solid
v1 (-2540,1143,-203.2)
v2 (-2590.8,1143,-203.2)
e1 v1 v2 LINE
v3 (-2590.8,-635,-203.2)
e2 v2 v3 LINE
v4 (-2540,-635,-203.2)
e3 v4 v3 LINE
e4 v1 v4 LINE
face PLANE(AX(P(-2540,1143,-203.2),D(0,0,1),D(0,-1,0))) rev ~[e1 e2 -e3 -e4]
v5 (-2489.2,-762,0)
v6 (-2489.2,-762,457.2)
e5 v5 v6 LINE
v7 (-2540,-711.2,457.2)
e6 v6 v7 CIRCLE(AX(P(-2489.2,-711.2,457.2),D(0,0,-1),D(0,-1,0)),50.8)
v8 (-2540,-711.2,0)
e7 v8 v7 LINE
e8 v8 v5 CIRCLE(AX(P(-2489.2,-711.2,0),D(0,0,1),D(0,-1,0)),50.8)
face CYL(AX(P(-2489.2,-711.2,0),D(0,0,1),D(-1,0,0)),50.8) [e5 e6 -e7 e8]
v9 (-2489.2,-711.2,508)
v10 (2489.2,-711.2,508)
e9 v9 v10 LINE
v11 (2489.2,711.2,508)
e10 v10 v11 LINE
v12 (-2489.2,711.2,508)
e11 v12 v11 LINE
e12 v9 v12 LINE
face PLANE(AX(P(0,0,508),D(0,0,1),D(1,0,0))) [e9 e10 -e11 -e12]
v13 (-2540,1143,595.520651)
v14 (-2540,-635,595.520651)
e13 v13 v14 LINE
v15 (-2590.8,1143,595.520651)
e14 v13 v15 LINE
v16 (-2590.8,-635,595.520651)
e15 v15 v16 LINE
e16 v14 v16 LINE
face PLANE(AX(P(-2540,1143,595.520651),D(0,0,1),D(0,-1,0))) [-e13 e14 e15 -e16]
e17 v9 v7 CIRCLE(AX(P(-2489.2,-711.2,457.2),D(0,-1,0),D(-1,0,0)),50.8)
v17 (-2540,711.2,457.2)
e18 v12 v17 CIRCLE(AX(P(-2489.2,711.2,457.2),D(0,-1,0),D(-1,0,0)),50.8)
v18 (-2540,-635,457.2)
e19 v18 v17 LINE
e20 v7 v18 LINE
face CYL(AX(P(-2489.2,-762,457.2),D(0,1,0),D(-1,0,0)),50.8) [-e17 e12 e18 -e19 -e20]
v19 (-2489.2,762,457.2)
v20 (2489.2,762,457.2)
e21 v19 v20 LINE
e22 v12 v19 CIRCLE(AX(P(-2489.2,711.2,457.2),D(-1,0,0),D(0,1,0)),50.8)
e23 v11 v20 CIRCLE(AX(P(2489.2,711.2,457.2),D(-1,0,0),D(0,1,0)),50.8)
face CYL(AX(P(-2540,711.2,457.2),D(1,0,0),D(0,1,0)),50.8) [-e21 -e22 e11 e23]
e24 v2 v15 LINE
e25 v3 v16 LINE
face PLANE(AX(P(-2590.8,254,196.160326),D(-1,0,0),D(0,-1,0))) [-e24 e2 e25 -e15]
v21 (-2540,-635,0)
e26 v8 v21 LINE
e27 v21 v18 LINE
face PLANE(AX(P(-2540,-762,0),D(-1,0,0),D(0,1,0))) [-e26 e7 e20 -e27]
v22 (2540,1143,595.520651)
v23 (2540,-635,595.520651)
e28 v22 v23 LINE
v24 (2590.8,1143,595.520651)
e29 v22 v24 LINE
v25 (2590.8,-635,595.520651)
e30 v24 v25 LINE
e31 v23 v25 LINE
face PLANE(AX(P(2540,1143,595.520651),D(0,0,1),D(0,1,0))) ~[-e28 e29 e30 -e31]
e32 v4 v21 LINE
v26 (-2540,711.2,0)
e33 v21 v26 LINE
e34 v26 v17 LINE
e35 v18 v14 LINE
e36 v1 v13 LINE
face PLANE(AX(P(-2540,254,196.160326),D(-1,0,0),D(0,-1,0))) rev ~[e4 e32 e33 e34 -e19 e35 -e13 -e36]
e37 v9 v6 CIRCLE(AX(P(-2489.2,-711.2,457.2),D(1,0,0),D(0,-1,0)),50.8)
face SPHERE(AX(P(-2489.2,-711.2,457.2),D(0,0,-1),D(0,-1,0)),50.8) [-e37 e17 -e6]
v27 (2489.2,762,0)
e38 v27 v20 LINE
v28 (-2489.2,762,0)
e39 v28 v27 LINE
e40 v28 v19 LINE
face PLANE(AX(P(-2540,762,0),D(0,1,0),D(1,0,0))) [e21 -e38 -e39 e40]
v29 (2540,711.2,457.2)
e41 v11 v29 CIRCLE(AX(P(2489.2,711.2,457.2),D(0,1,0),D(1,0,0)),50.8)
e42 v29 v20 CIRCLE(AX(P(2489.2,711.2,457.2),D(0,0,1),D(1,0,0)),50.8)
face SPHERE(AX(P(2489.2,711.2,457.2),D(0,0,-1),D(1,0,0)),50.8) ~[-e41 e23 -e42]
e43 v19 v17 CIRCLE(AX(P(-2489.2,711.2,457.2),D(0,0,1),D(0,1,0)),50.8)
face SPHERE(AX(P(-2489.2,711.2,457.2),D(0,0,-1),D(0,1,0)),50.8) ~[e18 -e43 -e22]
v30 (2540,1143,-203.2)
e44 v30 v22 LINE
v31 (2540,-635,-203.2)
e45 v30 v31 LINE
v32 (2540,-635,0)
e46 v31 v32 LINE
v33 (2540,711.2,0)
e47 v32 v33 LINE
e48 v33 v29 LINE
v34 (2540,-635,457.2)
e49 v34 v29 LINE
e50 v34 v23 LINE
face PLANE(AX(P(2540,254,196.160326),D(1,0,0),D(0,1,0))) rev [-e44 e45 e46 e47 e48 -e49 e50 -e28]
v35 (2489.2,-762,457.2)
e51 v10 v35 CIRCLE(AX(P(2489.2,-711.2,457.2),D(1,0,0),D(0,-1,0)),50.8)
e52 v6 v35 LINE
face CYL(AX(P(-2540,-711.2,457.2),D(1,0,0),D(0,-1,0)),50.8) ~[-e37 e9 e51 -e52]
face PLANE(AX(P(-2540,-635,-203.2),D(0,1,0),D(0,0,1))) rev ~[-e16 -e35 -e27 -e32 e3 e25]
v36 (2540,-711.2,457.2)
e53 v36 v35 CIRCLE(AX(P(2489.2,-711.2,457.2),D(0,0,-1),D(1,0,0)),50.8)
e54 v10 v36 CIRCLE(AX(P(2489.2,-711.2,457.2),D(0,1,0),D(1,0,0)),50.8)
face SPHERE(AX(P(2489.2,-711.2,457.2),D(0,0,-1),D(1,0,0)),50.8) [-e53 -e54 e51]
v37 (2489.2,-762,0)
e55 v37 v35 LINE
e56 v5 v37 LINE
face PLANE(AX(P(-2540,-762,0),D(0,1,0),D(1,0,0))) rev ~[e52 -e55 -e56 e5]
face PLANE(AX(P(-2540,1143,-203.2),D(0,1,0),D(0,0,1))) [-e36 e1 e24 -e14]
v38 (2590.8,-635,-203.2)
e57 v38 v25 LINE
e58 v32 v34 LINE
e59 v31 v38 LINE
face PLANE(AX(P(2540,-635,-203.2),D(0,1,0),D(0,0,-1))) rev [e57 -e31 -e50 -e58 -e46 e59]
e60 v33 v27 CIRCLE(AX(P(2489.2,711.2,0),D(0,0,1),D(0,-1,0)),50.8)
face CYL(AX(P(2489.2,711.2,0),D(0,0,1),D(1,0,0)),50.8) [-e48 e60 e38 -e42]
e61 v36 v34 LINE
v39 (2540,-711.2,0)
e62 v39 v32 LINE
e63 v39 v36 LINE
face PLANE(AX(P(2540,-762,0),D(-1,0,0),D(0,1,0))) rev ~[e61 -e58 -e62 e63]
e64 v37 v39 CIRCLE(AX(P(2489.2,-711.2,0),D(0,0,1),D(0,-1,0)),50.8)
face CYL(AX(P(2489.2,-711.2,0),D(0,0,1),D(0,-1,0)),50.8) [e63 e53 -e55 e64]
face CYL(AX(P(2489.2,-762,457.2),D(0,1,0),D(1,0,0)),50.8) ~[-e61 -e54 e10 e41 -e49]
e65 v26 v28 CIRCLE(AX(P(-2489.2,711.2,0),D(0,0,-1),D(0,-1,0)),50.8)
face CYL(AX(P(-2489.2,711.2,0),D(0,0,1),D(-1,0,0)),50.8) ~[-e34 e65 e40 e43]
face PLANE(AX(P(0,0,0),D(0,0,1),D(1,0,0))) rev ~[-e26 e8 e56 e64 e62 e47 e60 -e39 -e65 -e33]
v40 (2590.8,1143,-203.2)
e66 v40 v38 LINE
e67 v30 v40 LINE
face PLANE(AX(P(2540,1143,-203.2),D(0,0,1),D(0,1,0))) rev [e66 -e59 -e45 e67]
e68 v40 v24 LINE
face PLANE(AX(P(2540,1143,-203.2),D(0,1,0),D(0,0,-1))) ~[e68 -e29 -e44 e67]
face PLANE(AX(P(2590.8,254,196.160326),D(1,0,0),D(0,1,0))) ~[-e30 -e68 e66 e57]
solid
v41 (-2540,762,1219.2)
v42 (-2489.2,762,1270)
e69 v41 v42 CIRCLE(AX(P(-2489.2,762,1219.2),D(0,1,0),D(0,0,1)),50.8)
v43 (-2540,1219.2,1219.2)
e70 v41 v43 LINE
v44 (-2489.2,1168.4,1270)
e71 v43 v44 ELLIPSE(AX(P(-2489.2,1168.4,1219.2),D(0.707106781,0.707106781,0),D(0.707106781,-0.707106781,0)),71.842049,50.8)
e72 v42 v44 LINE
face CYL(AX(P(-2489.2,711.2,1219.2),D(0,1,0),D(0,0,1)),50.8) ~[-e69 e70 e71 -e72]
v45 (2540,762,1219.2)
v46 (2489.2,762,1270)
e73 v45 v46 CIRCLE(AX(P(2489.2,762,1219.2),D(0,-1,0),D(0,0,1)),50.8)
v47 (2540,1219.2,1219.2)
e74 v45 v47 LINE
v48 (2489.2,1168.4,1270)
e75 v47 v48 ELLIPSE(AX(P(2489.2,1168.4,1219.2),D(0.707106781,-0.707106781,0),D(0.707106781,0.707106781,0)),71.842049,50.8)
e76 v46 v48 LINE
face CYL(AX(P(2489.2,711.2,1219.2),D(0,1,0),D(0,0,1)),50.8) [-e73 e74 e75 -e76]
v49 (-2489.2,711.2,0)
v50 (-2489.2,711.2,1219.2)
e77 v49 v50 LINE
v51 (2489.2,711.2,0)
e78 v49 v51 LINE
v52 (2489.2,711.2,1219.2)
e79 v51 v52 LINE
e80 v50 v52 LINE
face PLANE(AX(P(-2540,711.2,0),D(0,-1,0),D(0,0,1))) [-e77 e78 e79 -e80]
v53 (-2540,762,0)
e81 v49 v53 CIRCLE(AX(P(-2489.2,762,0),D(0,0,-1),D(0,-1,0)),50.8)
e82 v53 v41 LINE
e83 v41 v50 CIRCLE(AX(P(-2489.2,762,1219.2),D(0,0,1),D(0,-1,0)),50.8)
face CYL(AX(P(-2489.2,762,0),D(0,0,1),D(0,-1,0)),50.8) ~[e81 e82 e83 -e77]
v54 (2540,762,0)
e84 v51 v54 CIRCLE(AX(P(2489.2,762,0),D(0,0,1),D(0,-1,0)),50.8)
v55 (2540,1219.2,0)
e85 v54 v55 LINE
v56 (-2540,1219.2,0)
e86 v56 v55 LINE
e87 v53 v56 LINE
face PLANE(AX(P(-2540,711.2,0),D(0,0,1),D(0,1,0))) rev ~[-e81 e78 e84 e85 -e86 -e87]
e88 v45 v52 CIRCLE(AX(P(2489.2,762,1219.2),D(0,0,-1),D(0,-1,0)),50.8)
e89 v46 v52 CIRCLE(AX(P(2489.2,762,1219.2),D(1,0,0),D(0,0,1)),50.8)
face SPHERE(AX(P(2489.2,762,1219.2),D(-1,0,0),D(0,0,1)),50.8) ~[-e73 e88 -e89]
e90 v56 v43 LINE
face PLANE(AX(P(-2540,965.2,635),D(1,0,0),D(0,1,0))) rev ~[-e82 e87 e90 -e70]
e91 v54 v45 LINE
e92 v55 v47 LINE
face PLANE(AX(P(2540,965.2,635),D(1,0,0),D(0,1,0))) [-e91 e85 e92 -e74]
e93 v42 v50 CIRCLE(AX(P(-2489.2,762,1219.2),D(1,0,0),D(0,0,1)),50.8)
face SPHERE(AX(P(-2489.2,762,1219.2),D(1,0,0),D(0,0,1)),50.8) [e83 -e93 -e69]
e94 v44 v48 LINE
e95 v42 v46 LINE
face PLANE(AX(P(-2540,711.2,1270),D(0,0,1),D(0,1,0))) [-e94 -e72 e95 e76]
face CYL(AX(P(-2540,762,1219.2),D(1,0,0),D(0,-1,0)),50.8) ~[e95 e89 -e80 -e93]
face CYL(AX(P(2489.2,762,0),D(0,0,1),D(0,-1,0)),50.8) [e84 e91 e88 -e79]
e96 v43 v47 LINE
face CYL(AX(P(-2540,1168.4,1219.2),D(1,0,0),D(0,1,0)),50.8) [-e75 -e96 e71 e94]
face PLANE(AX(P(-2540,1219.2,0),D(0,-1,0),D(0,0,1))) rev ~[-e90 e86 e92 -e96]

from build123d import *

# Parameters (mm, degrees)
F0_W     = 5080
F0_H     = 1524
F1_DEPTH = 508
F2_R     = 50.8
F3_W     = 1778
F3_H     = 798.7206512661
F4_DEPTH = 50.8
F6_W     = 508
F6_H     = 1270
F7_DEPTH = 5080
F8_R     = 50.8


with BuildPart() as f1:
    # F0 (on Top) → F1 (new body)
    with BuildSketch(Plane.XY):
        Rectangle(F0_W, F0_H)
    extrude(amount=F1_DEPTH)

    # F2
    f2_edges = [f1.edges().sort_by_distance(p)[0] for p in [
        (-2540, 762, 254),
        (-2540, -762, 254),
        (2540, -762, 254),
        (2540, 762, 254),
        (2540, 0, 508),
        (0, -762, 508),
        (0, 762, 508),
        (-2540, 0, 508),
    ]]
    fillet(f2_edges, radius=F2_R)



with BuildPart() as f4:
    # F3 (on face) → F4 (new body)
    with BuildSketch(Plane(origin=(-2540, 0, 0), x_dir=(0, -1, 0), z_dir=(-1, 0, 0))):
        with Locations((-254, 196.1603256331)):
            Rectangle(F3_W, F3_H)
    extrude(amount=F4_DEPTH)


with BuildPart() as f1_1:
    add(f1.part)

    add(f4.part)  # F5 merges F4
    # F5: F4 across plane
    add(f4.part.mirror(Plane.YZ))


with BuildPart() as f7:
    # F6 (on face) → F7 (new body)
    with BuildSketch(Plane.YZ.offset(-2540)):
        with Locations((965.2, 635)):
            Rectangle(F6_W, F6_H)
    extrude(amount=F7_DEPTH)

    # F8
    f8_edges = [f7.edges().sort_by_distance(p)[0] for p in [
        (0, 711.2, 1270),
        (0, 1219.2, 1270),
        (2540, 965.2, 1270),
        (-2540, 965.2, 1270),
        (-2540, 711.2, 635),
        (2540, 711.2, 635),
    ]]
    fillet(f8_edges, radius=F8_R)


solid = Compound([f1_1.part, f7.part])
